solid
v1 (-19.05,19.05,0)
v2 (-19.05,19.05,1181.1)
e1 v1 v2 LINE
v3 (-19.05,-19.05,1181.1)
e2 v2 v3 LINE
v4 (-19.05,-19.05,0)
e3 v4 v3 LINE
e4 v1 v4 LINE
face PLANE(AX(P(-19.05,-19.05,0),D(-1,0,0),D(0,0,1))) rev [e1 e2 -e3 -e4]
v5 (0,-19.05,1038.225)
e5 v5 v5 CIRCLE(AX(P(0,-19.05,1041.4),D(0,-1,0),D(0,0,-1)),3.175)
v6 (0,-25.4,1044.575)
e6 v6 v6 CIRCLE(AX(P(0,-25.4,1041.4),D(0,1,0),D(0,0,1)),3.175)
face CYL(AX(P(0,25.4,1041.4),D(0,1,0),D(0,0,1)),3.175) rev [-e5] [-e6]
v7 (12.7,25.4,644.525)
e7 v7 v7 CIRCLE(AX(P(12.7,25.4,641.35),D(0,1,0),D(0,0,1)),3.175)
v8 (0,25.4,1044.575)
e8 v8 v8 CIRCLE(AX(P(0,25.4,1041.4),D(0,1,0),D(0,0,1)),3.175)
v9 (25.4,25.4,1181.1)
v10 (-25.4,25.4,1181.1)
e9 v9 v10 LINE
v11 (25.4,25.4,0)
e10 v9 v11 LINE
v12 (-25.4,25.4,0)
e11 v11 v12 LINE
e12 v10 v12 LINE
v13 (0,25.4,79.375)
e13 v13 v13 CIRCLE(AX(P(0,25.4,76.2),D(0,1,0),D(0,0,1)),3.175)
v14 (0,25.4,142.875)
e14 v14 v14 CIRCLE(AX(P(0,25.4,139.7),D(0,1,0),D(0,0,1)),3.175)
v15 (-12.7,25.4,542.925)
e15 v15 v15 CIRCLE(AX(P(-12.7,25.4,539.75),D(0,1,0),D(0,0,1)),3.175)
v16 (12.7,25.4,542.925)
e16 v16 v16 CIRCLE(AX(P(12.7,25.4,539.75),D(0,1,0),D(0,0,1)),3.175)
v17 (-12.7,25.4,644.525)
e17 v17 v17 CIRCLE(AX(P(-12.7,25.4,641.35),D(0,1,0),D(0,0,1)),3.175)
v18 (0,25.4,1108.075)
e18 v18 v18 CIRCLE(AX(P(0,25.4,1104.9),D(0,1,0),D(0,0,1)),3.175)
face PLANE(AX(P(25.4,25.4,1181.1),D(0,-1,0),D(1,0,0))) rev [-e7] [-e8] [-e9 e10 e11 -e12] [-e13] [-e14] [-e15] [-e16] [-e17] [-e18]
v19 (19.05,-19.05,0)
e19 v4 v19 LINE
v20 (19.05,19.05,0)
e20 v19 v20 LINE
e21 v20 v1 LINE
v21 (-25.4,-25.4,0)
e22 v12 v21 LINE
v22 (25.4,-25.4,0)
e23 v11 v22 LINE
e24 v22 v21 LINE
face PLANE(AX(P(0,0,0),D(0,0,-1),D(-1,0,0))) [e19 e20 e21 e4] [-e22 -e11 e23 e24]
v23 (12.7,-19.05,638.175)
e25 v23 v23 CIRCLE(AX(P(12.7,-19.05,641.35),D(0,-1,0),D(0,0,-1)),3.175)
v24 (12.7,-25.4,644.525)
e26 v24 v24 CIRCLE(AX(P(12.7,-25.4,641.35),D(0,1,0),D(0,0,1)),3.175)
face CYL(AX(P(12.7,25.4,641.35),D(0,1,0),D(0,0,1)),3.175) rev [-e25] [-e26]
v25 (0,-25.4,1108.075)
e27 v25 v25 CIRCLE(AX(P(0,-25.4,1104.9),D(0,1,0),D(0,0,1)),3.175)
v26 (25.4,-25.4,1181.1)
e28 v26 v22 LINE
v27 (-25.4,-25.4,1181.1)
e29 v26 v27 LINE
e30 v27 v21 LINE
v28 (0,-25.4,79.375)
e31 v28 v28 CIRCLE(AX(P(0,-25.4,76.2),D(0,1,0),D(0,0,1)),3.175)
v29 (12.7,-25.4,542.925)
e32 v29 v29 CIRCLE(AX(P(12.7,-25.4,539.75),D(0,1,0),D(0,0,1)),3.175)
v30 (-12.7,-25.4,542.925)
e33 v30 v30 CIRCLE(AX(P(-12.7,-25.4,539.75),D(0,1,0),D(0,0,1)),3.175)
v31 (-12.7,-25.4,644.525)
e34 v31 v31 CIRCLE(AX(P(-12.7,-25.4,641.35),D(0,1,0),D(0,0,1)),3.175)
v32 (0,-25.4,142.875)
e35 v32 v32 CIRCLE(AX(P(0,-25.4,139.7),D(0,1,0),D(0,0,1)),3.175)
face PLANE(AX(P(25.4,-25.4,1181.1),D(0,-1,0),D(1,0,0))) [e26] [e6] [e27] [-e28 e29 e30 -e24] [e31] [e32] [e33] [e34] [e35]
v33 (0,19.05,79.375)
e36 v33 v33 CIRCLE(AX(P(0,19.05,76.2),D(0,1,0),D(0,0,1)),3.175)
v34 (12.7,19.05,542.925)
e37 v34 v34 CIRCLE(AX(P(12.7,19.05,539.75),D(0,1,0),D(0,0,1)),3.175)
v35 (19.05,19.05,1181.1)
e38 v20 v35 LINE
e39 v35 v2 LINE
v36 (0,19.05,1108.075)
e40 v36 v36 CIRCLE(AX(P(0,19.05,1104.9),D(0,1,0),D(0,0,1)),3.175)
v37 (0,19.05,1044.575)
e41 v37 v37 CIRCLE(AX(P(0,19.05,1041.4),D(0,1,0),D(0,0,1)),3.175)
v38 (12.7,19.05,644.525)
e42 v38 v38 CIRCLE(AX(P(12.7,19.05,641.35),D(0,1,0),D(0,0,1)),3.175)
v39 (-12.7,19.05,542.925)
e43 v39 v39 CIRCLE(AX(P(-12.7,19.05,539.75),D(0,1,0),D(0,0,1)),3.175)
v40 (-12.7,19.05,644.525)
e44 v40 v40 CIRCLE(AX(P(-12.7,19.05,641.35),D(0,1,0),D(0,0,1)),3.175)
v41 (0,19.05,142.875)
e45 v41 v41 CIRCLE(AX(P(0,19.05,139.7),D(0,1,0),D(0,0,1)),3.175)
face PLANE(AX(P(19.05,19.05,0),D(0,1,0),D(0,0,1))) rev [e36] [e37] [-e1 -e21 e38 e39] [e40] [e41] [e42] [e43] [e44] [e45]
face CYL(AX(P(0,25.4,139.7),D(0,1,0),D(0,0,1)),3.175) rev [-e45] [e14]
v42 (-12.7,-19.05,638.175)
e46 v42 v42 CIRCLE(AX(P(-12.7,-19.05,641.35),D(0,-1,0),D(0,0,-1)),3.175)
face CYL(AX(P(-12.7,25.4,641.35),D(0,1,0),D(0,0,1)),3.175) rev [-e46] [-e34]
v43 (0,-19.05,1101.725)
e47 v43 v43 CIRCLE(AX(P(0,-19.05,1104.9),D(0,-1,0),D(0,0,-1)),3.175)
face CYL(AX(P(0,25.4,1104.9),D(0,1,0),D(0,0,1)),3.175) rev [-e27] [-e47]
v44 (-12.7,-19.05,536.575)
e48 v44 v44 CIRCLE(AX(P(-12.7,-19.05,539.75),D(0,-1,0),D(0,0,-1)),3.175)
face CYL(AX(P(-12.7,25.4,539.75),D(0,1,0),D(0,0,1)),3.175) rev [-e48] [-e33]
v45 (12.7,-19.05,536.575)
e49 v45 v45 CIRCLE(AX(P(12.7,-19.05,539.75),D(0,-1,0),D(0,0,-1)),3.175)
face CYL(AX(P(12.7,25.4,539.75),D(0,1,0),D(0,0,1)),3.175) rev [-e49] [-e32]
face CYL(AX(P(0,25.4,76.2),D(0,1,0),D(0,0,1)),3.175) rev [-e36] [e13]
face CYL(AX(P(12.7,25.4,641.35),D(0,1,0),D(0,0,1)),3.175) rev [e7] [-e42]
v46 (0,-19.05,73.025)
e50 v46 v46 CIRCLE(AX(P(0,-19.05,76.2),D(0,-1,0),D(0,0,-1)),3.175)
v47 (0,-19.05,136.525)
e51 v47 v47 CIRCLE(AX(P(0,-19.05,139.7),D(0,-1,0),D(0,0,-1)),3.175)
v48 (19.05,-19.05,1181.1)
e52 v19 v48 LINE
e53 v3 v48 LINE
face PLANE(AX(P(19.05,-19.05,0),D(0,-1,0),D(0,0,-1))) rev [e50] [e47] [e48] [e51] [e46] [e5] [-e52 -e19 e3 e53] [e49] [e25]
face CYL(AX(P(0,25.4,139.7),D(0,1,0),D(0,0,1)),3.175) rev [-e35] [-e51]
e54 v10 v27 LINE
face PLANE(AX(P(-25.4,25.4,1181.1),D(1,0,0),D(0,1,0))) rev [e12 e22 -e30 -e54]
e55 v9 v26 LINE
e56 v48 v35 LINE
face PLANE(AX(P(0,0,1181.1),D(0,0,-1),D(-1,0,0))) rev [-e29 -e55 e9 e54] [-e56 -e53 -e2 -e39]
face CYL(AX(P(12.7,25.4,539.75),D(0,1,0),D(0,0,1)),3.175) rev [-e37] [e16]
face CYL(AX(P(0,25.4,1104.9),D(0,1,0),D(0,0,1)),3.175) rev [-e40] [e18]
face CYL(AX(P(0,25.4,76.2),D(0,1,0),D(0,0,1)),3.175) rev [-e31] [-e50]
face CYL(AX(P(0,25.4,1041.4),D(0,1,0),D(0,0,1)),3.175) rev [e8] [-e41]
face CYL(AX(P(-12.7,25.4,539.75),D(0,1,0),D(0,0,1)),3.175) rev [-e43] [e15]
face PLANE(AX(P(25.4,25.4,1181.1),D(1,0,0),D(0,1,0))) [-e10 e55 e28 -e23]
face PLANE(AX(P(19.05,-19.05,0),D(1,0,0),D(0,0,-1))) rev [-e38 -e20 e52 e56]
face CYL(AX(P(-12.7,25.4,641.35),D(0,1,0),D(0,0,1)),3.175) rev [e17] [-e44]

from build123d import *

# Parameters (mm, degrees)
SKETCH1_W                   = 50.8
SKETCH1_H                   = 50.8
BOSS_EXTRUDE1_DEPTH         = 1181.1
SKETCH8_W                   = 38.1
SKETCH8_H                   = 38.1
CUT_EXTRUDE1_DEPTH          = 1182.1
F_1_4_0_25_DIAMETER_HOLE1_D = 6.35
E_0_25_DIAMETER_HOLE2_D     = 6.35


with BuildPart() as part:
    # Sketch1 → Boss-Extrude1 (new body)
    with BuildSketch(Plane.XY):
        Rectangle(SKETCH1_W, SKETCH1_H)
    extrude(amount=BOSS_EXTRUDE1_DEPTH)

    # Sketch8 → Cut-Extrude1 (cut, through all)
    with BuildSketch(Plane.XY.offset(1181.1)):
        Rectangle(SKETCH8_W, SKETCH8_H)
    extrude(amount=-CUT_EXTRUDE1_DEPTH, mode=Mode.SUBTRACT)

    # 1/4 (0.25) Diameter Hole1 (through all)
    with Locations(Plane(origin=(0, 25.4, 0), x_dir=(1, 0, 0), z_dir=(0, 1, 0))):
        with Locations((-12.7, -641.35), (12.7, -641.35), (12.7, -539.75), (-12.7, -539.75)):
            Hole(F_1_4_0_25_DIAMETER_HOLE1_D / 2)

    # E (0.25) Diameter Hole2 (through all)
    with Locations(Plane(origin=(0, 25.4, 0), x_dir=(1, 0, 0), z_dir=(0, 1, 0))):
        with Locations((0, -1104.9), (0, -1041.4), (0, -139.7), (0, -76.2)):
            Hole(E_0_25_DIAMETER_HOLE2_D / 2)


solid = part.part
